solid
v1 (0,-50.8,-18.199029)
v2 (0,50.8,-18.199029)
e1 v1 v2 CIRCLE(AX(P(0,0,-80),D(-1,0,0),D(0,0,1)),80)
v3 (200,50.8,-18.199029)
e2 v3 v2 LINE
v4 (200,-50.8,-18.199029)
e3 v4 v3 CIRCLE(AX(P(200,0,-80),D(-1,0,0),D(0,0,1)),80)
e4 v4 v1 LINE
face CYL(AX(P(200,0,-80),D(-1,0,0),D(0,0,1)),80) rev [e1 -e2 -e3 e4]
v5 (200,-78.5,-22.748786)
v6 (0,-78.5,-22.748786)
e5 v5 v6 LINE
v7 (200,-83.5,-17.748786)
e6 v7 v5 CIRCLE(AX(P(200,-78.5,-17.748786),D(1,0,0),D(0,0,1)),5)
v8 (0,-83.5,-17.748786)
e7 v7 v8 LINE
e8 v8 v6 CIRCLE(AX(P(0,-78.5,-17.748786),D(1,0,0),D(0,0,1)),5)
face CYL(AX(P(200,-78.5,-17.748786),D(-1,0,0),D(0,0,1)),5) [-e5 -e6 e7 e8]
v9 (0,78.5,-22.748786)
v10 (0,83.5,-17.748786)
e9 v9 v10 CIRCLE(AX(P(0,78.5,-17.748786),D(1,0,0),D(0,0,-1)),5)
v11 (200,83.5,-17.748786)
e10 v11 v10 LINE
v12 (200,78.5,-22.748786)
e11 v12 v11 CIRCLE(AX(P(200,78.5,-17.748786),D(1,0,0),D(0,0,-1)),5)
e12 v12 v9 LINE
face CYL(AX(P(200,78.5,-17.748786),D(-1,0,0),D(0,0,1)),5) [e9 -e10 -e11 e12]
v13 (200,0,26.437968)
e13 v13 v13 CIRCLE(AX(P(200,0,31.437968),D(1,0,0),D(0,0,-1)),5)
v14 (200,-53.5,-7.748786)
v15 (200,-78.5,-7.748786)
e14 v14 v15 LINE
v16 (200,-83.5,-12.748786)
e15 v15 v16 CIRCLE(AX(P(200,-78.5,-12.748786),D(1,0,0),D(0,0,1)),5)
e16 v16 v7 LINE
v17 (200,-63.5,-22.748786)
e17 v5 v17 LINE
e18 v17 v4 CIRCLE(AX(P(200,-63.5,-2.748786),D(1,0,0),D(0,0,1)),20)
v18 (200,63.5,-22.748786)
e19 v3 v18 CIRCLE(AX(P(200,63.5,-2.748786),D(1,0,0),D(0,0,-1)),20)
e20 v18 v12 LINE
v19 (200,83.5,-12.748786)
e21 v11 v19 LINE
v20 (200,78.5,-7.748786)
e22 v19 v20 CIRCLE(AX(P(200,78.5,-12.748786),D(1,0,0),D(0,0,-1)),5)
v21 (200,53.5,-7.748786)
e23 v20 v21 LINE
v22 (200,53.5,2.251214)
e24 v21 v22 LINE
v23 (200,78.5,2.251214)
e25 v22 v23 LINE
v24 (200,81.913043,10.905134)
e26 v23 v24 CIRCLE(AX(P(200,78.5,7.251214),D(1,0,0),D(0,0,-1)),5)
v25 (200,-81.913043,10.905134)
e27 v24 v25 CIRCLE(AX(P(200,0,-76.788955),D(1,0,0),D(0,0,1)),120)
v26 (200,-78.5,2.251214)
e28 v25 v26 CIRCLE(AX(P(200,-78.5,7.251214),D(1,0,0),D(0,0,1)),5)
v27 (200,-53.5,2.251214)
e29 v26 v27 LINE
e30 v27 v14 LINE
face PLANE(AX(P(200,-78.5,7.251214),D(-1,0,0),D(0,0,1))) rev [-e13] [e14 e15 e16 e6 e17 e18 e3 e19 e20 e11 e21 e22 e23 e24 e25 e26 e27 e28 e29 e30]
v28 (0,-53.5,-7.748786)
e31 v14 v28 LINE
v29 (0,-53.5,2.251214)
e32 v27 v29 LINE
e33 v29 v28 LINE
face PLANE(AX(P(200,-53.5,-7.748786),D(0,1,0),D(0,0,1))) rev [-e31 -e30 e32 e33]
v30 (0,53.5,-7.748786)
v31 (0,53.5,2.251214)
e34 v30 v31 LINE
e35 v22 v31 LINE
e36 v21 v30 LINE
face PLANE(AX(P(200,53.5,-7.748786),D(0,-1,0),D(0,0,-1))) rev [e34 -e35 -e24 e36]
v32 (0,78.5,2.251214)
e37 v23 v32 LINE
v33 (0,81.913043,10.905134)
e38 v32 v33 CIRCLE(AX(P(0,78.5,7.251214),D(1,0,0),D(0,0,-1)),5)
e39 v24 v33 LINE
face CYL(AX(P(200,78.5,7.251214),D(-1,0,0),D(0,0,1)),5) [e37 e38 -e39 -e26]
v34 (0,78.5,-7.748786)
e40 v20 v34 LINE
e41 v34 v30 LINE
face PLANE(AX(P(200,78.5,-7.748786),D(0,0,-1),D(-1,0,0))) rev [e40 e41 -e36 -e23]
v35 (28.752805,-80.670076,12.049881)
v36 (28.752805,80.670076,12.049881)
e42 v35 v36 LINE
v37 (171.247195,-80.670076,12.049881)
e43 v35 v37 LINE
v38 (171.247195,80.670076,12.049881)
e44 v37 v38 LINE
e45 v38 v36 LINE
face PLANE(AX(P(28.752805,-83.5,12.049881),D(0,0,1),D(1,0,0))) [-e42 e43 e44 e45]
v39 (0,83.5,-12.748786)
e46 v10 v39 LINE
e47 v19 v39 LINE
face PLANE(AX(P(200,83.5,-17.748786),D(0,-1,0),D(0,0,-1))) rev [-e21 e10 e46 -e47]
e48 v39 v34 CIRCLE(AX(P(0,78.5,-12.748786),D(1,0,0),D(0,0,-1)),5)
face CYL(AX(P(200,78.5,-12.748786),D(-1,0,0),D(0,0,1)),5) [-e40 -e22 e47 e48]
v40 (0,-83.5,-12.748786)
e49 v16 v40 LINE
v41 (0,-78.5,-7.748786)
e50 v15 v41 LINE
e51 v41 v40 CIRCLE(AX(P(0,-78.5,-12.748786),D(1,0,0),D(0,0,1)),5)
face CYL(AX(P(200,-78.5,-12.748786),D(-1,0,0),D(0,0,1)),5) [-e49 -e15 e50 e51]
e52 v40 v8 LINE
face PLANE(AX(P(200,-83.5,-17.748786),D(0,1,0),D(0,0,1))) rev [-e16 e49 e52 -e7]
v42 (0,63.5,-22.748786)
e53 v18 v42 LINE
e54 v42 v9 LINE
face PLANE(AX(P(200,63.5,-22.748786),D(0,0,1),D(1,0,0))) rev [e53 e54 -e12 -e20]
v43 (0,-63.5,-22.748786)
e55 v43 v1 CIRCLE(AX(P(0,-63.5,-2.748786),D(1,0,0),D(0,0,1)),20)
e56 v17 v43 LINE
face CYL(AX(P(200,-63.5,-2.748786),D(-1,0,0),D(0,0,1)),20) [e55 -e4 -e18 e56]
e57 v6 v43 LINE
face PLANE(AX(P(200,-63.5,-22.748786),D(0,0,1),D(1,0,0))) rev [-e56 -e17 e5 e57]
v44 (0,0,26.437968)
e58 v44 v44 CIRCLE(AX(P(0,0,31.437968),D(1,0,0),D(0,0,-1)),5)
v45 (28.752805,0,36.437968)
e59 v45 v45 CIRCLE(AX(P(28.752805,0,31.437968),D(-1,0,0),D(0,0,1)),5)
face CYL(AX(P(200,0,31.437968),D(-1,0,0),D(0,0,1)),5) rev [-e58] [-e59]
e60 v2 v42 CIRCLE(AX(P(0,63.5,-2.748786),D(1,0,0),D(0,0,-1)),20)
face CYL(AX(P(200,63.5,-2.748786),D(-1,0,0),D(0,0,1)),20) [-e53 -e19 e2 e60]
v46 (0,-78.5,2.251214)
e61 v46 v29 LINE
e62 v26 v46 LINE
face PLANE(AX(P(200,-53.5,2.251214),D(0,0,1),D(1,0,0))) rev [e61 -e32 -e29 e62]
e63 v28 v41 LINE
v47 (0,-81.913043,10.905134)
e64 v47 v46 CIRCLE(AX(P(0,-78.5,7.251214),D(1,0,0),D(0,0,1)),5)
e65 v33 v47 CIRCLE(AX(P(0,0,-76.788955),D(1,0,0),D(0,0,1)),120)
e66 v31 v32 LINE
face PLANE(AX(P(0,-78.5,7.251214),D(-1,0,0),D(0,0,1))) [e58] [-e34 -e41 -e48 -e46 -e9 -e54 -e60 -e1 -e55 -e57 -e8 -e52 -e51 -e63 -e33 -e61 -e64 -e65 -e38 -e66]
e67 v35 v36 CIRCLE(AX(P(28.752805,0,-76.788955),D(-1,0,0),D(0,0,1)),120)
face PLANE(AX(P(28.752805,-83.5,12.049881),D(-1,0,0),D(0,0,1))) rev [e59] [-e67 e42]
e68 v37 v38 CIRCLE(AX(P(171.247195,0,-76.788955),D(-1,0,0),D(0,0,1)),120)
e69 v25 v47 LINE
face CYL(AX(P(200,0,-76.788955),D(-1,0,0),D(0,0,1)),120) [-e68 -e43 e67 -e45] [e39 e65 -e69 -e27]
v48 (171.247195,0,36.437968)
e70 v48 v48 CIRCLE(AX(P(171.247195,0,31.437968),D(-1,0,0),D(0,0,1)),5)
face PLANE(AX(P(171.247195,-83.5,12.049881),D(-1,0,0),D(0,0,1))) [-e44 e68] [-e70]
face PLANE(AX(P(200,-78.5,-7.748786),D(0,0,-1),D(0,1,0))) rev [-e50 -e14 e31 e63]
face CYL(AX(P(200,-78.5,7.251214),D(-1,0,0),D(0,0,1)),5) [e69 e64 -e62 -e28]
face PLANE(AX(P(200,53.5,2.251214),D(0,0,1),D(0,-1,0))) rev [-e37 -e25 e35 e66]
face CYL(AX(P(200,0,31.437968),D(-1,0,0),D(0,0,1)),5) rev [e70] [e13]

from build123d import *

# Parameters (mm, degrees)
SKETCH2_R               = 5
BOSS_EXTRUDE1_DEPTH     = 200
CUT_EXTRUDE1_DEPTH      = 221.996480462
CUT_EXTRUDE1_DEPTH_BACK = 221.996480462
SKETCH3_W               = 142.494389282
SKETCH3_H               = 38.776173082


with BuildPart() as part:
    # Sketch2 → Boss-Extrude1 (new body)
    with BuildSketch(Plane.YZ):
        with BuildLine():
            Line((-63.5, -22.748786417), (-78.5, -22.748786417))
            ThreePointArc((-78.5, -22.748786417), (-82.035533906, -21.284320323), (-83.5, -17.748786417))
            Line((-83.5, -17.748786417), (-83.5, -12.748786417))
            ThreePointArc((-83.5, -12.748786417), (-82.035533906, -9.213252511), (-78.5, -7.748786417))
            Line((-78.5, -7.748786417), (-53.5, -7.748786417))
            Line((-53.5, -7.748786417), (-53.5, 2.251213583))
            Line((-53.5, 2.251213583), (-78.5, 2.251213583))
            ThreePointArc((-78.5, 2.251213583), (-83.151322497, 5.416765702), (-81.913043478, 10.905133973))
            ThreePointArc((-81.913043478, 10.905133973), (0, 43.211044616), (81.913043478, 10.905133973))
            ThreePointArc((81.913043478, 10.905133973), (83.151322497, 5.416765702), (78.5, 2.251213583))
            Line((78.5, 2.251213583), (53.5, 2.251213583))
            Line((53.5, 2.251213583), (53.5, -7.748786417))
            Line((53.5, -7.748786417), (78.5, -7.748786417))
            ThreePointArc((78.5, -7.748786417), (82.035533906, -9.213252511), (83.5, -12.748786417))
            Line((83.5, -12.748786417), (83.5, -17.748786417))
            ThreePointArc((83.5, -17.748786417), (82.035533906, -21.284320323), (78.5, -22.748786417))
            Line((78.5, -22.748786417), (63.5, -22.748786417))
            ThreePointArc((63.5, -22.748786417), (56.754811134, -21.577021257), (50.8, -18.199029134))
            ThreePointArc((50.8, -18.199029134), (0, 0), (-50.8, -18.199029134))
            ThreePointArc((-50.8, -18.199029134), (-56.754811134, -21.577021257), (-63.5, -22.748786417))
        make_face()
        with Locations(Location((0, 31.437967685, 0), (0, 0, 270))):
            Circle(SKETCH2_R, mode=Mode.SUBTRACT)
    extrude(amount=BOSS_EXTRUDE1_DEPTH)

    # Sketch3 → Cut-Extrude1 (cut, two sides: drawn at the far end of the back side and taken through both)
    with BuildSketch(Plane(origin=(0, 0, 0), x_dir=(-1, 0, 0), z_dir=(0, 1, 0)).offset(-CUT_EXTRUDE1_DEPTH_BACK)):
        with Locations((-100, 31.437967685)):
            Rectangle(SKETCH3_W, SKETCH3_H)
    extrude(amount=CUT_EXTRUDE1_DEPTH + CUT_EXTRUDE1_DEPTH_BACK, mode=Mode.SUBTRACT)


solid = part.part
